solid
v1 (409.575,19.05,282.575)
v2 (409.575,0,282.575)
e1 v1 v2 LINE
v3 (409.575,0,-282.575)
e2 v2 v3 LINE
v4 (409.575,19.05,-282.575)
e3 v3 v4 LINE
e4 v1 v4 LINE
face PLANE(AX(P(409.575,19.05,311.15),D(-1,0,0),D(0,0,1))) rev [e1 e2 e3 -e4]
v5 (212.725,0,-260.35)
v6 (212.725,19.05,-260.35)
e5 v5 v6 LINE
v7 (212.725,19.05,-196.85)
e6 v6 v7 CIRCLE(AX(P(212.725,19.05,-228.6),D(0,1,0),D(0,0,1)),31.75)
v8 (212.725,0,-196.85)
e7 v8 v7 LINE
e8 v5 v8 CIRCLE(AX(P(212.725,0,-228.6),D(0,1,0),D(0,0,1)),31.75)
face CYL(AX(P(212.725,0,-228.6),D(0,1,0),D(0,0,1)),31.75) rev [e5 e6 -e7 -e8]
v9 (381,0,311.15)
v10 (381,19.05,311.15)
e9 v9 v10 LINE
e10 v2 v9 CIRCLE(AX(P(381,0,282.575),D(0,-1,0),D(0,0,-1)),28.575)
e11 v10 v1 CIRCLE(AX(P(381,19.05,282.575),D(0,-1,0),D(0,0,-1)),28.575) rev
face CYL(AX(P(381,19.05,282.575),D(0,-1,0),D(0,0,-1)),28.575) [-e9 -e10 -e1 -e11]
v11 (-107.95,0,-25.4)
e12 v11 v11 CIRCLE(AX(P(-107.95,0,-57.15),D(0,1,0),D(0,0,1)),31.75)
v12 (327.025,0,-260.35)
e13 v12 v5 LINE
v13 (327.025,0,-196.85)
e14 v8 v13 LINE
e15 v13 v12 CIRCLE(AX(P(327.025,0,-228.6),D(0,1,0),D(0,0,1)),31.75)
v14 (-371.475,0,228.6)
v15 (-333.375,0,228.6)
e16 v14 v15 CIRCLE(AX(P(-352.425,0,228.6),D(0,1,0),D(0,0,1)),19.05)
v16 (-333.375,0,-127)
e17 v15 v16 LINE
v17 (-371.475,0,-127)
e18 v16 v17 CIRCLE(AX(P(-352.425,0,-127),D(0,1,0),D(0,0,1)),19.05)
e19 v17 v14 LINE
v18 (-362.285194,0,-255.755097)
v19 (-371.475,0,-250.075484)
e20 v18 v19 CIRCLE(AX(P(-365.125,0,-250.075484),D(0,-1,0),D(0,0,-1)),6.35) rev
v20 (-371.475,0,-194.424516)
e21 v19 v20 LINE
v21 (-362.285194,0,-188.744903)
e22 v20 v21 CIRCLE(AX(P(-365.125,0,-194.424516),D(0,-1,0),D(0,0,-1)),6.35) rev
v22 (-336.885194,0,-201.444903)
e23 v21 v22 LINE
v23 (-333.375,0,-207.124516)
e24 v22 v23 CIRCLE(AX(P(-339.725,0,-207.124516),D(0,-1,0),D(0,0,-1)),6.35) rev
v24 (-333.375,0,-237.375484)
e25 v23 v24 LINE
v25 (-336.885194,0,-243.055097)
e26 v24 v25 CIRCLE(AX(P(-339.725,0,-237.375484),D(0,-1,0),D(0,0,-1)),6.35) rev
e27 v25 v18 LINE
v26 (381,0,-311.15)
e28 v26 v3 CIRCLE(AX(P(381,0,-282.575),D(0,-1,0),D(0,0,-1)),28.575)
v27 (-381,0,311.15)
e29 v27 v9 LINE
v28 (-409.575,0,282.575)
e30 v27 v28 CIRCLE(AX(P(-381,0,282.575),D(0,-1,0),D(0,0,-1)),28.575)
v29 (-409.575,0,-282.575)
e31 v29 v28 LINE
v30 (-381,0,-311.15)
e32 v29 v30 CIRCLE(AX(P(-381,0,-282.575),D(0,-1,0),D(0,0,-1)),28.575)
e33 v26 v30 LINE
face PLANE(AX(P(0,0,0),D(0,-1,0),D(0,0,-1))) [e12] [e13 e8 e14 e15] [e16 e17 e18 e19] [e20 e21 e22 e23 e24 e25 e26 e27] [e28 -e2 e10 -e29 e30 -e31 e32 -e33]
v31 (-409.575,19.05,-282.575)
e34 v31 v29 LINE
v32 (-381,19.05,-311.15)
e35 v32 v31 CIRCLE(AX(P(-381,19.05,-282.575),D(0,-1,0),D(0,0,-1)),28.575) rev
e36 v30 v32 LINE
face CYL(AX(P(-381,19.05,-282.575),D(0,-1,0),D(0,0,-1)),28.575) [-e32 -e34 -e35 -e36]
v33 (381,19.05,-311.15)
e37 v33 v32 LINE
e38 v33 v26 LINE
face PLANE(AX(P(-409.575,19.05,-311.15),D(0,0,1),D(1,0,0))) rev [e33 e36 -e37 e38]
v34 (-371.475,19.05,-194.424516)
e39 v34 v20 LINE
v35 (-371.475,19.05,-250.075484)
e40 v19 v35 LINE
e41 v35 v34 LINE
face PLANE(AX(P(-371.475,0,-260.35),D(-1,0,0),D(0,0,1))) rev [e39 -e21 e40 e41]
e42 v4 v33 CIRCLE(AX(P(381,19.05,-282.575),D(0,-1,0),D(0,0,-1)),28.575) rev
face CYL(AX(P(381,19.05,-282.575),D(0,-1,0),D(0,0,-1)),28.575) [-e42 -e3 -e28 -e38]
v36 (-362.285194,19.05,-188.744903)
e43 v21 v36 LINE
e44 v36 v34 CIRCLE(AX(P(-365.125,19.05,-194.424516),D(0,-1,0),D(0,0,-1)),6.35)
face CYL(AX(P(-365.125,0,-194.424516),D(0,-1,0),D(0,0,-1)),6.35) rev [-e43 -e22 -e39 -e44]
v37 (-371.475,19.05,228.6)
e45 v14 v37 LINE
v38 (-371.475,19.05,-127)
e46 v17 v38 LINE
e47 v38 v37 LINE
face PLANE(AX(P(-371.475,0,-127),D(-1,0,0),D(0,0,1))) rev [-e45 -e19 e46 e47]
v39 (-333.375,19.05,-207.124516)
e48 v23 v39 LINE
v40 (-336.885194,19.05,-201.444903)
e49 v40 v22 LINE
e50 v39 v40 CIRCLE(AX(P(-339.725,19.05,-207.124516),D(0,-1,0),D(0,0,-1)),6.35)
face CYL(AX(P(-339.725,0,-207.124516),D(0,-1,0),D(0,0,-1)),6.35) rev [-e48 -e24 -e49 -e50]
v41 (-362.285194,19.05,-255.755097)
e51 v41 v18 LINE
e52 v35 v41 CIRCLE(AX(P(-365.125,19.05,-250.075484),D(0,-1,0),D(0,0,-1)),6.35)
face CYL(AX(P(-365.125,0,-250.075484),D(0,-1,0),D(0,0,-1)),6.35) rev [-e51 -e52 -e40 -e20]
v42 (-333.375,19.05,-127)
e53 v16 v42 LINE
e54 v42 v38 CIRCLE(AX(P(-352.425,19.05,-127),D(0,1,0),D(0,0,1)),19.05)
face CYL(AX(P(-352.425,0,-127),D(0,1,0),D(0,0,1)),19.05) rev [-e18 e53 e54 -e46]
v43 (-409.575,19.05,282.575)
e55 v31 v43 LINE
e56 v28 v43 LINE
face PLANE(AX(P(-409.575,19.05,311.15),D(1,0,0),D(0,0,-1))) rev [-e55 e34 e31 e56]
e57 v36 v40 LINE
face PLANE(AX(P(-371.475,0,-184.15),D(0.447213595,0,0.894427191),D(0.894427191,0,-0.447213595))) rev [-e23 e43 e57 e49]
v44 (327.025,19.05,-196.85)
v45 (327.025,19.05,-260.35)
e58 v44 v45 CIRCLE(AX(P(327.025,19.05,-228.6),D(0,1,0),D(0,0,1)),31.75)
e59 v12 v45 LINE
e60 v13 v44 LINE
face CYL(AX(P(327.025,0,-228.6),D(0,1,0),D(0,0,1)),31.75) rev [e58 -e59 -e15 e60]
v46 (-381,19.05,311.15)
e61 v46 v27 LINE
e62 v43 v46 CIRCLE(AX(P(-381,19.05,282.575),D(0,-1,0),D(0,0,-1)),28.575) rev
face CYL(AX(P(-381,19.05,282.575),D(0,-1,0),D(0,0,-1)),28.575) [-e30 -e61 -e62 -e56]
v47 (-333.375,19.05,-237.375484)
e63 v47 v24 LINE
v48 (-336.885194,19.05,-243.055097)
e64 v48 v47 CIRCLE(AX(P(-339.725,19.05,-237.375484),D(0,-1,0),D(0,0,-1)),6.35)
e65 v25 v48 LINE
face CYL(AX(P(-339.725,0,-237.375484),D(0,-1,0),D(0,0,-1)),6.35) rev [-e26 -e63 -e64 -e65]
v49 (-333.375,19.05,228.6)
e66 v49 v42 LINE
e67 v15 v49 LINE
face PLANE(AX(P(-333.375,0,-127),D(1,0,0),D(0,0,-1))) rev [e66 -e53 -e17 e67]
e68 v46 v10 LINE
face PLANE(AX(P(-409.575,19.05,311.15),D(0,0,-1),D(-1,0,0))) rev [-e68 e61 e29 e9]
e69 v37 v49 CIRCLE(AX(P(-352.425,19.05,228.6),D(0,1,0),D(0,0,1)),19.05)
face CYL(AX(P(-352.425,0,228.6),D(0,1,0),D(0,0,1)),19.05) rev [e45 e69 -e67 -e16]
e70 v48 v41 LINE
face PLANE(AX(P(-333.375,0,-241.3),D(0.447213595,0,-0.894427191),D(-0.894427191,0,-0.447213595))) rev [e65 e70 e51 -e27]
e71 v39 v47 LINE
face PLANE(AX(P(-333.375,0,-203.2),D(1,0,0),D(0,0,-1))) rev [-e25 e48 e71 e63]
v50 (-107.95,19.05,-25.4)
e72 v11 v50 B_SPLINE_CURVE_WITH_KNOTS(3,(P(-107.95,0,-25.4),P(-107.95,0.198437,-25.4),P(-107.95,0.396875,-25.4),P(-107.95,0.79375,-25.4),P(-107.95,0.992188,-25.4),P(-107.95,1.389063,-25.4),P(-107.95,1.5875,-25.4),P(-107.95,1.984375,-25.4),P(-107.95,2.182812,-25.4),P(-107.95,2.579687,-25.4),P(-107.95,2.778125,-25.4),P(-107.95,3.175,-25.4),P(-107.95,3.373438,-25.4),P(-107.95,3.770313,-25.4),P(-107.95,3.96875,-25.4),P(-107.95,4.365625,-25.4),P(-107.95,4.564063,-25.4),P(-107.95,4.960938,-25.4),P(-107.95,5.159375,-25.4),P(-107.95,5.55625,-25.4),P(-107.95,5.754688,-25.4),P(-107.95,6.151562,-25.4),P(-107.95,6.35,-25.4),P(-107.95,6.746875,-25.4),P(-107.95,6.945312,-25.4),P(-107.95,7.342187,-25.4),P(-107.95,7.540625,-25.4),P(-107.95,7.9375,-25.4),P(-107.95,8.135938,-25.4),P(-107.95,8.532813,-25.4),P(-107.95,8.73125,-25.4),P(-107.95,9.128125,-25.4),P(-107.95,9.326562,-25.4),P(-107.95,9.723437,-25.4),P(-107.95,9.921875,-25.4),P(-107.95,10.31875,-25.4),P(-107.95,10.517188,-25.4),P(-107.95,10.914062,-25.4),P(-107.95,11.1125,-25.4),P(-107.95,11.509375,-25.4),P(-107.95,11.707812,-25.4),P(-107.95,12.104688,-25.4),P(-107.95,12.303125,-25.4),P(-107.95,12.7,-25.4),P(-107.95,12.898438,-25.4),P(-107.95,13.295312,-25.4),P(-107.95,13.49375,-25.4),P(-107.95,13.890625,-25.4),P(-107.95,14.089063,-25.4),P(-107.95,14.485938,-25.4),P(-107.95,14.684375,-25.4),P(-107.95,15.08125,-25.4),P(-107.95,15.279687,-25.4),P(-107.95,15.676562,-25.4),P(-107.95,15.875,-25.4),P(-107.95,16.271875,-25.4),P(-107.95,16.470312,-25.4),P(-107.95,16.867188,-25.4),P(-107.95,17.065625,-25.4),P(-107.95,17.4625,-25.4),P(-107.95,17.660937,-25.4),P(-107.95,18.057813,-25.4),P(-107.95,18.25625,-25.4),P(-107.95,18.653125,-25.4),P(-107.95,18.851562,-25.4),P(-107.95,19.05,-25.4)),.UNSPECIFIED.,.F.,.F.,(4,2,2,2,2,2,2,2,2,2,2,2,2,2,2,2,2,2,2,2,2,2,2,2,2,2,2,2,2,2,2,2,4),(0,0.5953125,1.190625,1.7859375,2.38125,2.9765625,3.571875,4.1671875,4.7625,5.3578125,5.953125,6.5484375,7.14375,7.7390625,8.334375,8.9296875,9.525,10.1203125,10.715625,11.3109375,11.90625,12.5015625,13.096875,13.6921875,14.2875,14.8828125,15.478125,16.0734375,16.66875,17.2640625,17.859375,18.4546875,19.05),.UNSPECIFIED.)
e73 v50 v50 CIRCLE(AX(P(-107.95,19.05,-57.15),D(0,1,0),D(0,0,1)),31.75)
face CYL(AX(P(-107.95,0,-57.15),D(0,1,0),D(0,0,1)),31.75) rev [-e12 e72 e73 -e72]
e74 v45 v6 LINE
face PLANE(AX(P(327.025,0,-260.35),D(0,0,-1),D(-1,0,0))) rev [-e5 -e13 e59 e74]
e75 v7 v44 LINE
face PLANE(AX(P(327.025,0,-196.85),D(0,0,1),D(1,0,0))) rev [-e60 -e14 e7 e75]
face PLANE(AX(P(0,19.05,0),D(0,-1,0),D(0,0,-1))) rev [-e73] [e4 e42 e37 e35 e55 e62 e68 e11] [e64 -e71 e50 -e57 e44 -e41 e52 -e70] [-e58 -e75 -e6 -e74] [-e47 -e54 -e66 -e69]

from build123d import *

# Parameters (mm, degrees)
SKETCH1_W           = 819.15
SKETCH1_H           = 622.3
BOSS_EXTRUDE1_DEPTH = 19.05
FILLET1_R           = 28.575
SKETCH2_R           = 31.75
CUT_EXTRUDE1_DEPTH  = 515.712449456
CUT_EXTRUDE2_DEPTH  = 515.712449456
CUT_EXTRUDE3_DEPTH  = 515.712449456
FILLET2_R           = 6.35
CUT_EXTRUDE4_DEPTH  = 515.712449456


with BuildPart() as part:
    # Sketch1 → Boss-Extrude1 (new body)
    with BuildSketch(Plane(origin=(0, 0, 0), x_dir=(1, 0, 0), z_dir=(0, 1, 0))):
        Rectangle(SKETCH1_W, SKETCH1_H)
    extrude(amount=BOSS_EXTRUDE1_DEPTH)

    # Fillet1
    fillet1_edges = [part.edges().sort_by_distance(p)[0] for p in [
        (409.575, 9.525, 311.15),
        (-409.575, 9.525, 311.15),
        (-409.575, 9.525, -311.15),
        (409.575, 9.525, -311.15),
    ]]
    fillet(fillet1_edges, radius=FILLET1_R)

    # Sketch2 → Cut-Extrude1 (cut, through all)
    with BuildSketch(Plane(origin=(0, 19.05, 0), x_dir=(1, 0, 0), z_dir=(0, 1, 0))):
        with Locations(Location((-107.95, 57.15, 0), (0, 0, 270))):
            Circle(SKETCH2_R)
    extrude(amount=-CUT_EXTRUDE1_DEPTH, mode=Mode.SUBTRACT)

    # Sketch3 → Cut-Extrude2 (cut, through all)
    with BuildSketch(Plane(origin=(0, 19.05, 0), x_dir=(1, 0, 0), z_dir=(0, 1, 0))):
        with BuildLine():
            Line((-333.375, 127), (-333.375, -228.6))
            ThreePointArc((-333.375, -228.6), (-352.425, -247.65), (-371.475, -228.6))
            Line((-371.475, -228.6), (-371.475, 127))
            ThreePointArc((-371.475, 127), (-352.425, 146.05), (-333.375, 127))
        make_face()
    extrude(amount=-CUT_EXTRUDE2_DEPTH, mode=Mode.SUBTRACT)

    # Sketch4 → Cut-Extrude3 (cut, through all)
    with BuildSketch(Plane(origin=(0, 19.05, 0), x_dir=(1, 0, 0), z_dir=(0, 1, 0))):
        Polygon((-371.475, 260.35), (-371.475, 184.15), (-333.375, 203.2), (-333.375, 241.3), align=None)
    extrude(amount=-CUT_EXTRUDE3_DEPTH, mode=Mode.SUBTRACT)

    # Fillet2
    fillet2_edges = [part.edges().sort_by_distance(p)[0] for p in [
        (-371.475, 9.525, -260.35),
        (-333.375, 9.525, -241.3),
        (-333.375, 9.525, -203.2),
        (-371.475, 9.525, -184.15),
    ]]
    fillet(fillet2_edges, radius=FILLET2_R)

    # Sketch5 → Cut-Extrude4 (cut, through all)
    with BuildSketch(Plane(origin=(0, 19.05, 0), x_dir=(1, 0, 0), z_dir=(0, 1, 0))):
        with BuildLine():
            Line((327.025, 196.85), (212.725, 196.85))
            ThreePointArc((212.725, 196.85), (180.975, 228.6), (212.725, 260.35))
            Line((212.725, 260.35), (327.025, 260.35))
            ThreePointArc((327.025, 260.35), (358.775, 228.6), (327.025, 196.85))
        make_face()
    extrude(amount=-CUT_EXTRUDE4_DEPTH, mode=Mode.SUBTRACT)


solid = part.part
